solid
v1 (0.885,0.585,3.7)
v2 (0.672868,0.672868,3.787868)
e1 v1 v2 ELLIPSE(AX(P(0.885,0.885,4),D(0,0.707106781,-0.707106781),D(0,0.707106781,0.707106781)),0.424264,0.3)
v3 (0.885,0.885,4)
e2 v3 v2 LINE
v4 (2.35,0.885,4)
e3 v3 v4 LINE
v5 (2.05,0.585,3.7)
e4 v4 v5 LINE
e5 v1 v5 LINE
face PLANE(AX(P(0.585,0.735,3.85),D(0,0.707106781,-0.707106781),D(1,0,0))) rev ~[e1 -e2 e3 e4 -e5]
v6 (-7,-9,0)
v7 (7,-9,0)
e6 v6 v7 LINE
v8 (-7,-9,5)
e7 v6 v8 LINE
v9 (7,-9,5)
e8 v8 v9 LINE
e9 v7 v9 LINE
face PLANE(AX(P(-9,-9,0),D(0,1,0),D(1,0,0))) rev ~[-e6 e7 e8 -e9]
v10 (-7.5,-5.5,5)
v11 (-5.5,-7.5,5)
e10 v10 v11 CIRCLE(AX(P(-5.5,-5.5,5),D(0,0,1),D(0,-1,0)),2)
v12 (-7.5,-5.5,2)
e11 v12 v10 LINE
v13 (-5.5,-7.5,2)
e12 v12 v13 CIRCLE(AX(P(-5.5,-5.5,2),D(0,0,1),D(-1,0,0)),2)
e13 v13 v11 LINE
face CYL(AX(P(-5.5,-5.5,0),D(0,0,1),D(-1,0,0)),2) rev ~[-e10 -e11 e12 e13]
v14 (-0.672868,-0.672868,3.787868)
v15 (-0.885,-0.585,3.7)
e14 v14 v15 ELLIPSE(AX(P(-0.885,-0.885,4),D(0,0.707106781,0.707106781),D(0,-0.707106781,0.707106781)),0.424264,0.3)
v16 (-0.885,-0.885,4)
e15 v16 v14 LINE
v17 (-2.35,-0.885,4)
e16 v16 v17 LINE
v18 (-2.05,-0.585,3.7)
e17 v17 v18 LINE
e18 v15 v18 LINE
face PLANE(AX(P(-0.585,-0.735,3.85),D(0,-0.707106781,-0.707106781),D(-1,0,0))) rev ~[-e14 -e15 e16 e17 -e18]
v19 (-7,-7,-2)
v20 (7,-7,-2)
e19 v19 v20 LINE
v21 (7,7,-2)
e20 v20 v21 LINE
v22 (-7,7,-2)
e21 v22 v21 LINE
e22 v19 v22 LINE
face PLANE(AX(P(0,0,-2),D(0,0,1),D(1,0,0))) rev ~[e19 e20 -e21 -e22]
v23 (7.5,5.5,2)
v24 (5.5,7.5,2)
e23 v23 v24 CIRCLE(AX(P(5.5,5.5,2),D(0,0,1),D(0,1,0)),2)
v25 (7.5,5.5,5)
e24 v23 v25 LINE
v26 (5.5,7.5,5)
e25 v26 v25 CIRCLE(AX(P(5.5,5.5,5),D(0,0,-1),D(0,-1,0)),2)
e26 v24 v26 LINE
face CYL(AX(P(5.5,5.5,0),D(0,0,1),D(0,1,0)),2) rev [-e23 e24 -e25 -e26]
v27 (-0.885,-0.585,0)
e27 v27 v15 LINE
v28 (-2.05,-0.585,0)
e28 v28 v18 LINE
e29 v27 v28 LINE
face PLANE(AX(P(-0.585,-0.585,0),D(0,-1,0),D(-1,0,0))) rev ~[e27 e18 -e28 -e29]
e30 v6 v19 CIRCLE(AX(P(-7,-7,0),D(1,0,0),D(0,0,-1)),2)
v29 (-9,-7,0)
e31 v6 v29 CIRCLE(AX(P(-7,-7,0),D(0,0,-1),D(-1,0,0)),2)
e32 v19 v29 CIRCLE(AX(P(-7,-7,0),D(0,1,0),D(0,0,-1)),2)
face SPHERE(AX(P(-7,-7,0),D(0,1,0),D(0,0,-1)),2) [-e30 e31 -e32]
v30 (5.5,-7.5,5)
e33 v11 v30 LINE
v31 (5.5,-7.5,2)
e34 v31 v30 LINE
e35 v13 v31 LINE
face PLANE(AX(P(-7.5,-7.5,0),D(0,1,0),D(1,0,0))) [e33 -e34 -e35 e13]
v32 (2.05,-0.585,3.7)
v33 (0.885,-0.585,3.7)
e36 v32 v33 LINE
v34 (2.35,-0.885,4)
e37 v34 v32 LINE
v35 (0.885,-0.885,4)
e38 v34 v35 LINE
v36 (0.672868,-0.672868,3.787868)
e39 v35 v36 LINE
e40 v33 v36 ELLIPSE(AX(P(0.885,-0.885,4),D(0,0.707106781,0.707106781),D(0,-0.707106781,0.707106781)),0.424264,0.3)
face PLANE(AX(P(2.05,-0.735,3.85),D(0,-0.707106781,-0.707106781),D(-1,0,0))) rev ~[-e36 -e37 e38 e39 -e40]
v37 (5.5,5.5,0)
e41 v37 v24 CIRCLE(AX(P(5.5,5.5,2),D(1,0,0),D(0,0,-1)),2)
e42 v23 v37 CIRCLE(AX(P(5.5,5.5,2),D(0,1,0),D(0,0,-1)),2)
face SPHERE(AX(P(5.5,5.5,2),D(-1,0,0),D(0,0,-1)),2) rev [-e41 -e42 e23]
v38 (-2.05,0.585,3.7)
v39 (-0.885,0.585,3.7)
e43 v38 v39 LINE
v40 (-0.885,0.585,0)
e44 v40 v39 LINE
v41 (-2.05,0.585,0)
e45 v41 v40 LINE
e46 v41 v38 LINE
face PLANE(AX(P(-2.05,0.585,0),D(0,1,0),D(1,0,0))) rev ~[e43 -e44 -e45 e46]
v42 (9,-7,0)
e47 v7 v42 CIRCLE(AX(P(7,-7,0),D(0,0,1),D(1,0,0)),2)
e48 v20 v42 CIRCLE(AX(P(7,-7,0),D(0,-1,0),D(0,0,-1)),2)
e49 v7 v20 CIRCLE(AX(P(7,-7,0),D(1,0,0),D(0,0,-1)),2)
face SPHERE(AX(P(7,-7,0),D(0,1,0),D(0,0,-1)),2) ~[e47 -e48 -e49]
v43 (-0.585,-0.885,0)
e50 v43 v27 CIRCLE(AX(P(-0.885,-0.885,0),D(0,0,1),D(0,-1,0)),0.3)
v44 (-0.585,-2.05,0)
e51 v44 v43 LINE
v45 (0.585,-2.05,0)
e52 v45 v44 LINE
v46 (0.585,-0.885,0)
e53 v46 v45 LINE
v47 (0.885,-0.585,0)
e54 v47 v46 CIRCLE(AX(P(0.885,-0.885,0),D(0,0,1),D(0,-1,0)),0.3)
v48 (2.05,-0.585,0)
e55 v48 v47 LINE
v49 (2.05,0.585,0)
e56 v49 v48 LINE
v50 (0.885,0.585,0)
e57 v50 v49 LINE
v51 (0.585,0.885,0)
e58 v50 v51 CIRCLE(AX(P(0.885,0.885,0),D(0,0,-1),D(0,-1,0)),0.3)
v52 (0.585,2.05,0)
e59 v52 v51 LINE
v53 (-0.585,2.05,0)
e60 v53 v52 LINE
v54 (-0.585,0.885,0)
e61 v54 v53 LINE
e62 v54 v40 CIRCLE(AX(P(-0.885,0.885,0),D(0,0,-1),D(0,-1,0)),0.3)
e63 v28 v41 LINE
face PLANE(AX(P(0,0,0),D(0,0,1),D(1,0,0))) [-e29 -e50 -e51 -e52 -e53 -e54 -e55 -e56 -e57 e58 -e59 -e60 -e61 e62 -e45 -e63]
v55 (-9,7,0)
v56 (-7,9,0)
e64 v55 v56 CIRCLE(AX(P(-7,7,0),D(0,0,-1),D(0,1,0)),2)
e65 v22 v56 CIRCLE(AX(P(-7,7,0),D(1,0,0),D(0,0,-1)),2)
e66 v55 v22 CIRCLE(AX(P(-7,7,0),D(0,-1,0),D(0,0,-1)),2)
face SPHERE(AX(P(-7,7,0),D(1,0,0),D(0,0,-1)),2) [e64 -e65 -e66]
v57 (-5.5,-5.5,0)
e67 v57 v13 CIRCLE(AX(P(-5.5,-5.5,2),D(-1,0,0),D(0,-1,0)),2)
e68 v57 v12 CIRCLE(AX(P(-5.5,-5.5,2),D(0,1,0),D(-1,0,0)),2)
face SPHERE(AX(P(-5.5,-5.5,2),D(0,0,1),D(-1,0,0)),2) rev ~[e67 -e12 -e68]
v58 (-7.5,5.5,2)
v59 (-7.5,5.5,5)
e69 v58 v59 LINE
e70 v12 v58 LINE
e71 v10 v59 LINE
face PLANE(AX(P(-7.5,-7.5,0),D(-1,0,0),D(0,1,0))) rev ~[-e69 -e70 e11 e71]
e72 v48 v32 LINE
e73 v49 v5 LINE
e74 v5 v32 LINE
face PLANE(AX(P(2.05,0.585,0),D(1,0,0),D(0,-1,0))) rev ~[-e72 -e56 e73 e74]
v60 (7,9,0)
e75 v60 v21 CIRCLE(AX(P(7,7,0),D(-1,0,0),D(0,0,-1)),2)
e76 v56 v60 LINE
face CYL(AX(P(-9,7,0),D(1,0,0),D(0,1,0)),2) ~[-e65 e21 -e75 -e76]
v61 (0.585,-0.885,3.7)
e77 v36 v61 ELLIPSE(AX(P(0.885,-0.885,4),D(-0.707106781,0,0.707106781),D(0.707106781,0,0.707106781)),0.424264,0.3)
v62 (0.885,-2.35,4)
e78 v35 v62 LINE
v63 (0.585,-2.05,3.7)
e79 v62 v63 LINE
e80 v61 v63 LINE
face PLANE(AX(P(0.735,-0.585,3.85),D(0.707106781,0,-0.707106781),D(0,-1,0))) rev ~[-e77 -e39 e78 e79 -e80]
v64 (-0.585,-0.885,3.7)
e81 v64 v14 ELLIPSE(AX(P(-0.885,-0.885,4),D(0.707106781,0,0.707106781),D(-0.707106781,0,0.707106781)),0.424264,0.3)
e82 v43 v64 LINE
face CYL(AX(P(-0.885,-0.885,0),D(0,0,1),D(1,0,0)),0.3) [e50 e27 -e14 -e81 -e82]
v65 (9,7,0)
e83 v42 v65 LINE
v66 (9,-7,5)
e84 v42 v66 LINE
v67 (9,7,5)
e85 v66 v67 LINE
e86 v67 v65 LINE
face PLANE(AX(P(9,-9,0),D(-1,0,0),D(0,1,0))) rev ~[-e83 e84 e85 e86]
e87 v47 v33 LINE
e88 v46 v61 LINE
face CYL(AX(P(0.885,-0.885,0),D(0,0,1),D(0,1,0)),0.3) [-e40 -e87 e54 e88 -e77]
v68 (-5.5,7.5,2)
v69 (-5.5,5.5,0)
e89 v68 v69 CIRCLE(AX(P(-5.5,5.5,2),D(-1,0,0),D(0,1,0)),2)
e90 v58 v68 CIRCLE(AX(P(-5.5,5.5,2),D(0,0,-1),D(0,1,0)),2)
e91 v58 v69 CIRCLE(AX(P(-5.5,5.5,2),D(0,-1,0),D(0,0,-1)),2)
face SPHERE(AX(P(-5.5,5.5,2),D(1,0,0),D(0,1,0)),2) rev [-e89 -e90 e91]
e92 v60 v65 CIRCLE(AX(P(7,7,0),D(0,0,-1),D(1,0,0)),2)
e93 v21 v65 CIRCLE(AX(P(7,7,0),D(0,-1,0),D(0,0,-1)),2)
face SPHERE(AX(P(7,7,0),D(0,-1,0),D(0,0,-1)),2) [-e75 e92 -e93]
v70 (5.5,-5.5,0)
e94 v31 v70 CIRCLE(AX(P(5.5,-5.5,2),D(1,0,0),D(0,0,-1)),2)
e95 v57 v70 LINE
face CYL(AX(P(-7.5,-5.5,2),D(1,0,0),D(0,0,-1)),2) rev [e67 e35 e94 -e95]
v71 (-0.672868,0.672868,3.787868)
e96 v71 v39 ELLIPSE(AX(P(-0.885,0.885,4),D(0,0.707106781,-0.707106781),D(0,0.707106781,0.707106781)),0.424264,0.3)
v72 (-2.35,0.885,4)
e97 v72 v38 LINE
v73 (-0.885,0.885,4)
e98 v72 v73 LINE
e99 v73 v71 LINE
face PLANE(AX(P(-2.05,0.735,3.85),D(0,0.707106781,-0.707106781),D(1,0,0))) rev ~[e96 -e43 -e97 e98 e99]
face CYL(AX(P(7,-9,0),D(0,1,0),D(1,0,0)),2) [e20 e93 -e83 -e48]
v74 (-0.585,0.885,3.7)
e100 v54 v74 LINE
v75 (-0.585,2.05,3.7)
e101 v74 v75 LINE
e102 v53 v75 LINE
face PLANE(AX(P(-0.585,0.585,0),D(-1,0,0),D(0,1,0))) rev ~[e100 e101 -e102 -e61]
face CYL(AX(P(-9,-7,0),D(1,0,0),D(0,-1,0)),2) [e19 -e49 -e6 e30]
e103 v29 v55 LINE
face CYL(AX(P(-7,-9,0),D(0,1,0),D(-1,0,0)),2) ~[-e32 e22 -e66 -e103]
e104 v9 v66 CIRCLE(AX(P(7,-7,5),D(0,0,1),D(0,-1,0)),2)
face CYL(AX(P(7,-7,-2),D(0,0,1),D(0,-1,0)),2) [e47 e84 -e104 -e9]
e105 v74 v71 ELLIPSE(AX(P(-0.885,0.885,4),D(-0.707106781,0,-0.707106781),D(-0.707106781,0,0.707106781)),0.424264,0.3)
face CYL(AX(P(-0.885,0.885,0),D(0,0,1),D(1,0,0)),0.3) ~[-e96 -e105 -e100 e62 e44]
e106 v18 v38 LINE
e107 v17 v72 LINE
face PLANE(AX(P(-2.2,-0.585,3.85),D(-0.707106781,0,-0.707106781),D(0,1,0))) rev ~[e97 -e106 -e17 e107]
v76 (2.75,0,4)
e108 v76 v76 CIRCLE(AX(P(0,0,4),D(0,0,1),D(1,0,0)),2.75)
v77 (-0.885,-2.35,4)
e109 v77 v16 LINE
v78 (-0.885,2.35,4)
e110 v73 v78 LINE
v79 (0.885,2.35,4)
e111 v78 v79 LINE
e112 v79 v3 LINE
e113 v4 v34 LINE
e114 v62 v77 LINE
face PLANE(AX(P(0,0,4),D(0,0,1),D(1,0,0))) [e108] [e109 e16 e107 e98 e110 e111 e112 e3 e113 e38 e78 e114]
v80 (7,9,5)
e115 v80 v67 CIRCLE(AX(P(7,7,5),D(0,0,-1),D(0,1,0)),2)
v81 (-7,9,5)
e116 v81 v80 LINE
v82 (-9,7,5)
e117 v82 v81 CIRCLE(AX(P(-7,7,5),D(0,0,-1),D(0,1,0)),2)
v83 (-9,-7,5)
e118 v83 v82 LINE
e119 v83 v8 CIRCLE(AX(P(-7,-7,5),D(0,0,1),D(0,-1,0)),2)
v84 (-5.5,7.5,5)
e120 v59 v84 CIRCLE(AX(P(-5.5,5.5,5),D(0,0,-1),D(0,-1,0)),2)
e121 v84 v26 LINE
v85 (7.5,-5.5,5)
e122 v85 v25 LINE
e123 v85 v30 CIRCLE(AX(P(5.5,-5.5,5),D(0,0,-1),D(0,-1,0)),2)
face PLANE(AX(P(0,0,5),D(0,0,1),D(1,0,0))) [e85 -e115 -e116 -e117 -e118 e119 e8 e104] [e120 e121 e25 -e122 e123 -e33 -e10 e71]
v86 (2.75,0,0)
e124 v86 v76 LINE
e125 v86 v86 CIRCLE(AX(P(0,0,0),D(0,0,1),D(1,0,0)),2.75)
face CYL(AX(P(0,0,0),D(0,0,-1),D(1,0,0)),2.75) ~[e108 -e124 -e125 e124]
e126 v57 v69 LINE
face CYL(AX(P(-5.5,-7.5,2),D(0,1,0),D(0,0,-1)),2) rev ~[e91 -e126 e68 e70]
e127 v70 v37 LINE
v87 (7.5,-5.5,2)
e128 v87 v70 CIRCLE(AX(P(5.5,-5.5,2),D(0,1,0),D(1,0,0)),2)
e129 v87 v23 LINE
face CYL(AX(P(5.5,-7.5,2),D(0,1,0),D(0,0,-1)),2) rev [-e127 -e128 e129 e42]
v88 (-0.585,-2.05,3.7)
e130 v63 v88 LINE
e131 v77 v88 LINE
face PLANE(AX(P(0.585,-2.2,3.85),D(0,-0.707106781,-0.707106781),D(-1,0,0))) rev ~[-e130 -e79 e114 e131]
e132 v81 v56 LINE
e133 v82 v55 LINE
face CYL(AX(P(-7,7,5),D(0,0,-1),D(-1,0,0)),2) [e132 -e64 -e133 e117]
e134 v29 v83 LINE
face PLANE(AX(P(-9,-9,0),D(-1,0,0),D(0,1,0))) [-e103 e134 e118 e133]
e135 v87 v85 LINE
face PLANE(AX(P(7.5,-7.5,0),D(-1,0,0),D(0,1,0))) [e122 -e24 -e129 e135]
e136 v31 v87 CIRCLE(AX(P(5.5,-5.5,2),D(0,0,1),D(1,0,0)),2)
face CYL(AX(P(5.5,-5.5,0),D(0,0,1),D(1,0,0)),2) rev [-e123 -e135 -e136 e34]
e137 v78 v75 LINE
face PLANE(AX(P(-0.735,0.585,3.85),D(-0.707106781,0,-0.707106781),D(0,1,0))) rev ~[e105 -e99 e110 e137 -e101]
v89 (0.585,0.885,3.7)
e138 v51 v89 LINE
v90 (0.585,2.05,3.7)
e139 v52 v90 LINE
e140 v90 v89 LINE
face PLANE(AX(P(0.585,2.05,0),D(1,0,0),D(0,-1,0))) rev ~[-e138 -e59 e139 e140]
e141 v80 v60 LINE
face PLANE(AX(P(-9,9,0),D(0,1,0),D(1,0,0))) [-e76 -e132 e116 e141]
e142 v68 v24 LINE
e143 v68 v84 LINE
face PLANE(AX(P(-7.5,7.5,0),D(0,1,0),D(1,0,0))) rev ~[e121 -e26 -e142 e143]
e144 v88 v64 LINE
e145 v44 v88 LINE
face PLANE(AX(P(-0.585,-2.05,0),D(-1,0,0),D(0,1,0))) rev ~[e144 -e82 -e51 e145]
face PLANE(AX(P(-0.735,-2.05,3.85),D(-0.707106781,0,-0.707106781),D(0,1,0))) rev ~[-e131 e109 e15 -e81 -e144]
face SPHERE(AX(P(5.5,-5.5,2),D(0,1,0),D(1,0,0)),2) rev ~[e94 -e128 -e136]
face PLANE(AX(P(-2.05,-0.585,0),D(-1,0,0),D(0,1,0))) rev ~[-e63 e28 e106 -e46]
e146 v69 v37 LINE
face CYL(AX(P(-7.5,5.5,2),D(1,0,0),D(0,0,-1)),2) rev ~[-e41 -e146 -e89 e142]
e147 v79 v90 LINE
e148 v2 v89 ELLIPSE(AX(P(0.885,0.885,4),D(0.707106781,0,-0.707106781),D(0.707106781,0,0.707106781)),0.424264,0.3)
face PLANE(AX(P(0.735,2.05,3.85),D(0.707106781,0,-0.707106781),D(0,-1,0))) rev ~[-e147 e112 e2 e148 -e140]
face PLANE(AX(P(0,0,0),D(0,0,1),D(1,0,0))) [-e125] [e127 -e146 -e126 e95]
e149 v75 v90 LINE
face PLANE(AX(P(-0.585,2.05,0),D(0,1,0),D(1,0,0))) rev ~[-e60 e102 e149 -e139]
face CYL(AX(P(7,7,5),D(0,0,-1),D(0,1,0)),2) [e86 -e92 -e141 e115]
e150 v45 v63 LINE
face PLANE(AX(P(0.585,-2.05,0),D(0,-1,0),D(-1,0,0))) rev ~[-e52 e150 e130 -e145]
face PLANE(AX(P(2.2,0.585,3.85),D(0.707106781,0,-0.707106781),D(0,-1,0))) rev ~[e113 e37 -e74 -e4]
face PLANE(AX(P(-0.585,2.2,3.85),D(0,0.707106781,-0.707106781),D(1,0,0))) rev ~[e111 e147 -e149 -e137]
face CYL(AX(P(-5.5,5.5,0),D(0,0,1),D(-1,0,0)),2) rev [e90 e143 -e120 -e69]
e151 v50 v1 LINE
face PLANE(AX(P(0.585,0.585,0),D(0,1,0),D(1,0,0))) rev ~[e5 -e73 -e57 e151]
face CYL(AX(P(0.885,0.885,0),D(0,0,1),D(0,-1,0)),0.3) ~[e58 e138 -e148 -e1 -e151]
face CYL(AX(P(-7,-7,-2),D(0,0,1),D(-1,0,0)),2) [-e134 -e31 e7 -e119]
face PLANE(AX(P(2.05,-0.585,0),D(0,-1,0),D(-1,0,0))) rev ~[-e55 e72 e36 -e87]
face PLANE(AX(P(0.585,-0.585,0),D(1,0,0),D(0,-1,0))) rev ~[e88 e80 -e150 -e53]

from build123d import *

# Parameters (mm, degrees)
SKETCH1_W           = 18
SKETCH1_H           = 18
BOSS_EXTRUDE1_DEPTH = 2
SKETCH1_4_R         = 2.75
BOSS_EXTRUDE2_DEPTH = 4
SKETCH1_5_W         = 18
SKETCH1_5_H         = 18
SKETCH1_5_W_2       = 15
SKETCH1_5_H_2       = 15
BOSS_EXTRUDE3_DEPTH = 5
CHAMFER1_SIZE       = 0.3
FILLET3_R           = 0.3
FILLET4_R           = 2


with BuildPart() as part:
    # Sketch1 → Boss-Extrude1 (new body)
    with BuildSketch(Plane.XY):
        Rectangle(SKETCH1_W, SKETCH1_H)
    extrude(amount=-BOSS_EXTRUDE1_DEPTH)

    # Sketch1<4> → Boss-Extrude2 (add)
    with BuildSketch(Plane.XY):
        Circle(SKETCH1_4_R)
        Polygon((-0.585, 0.585), (-0.585, 2.05), (0.585, 2.05), (0.585, 0.585), (2.05, 0.585), (2.05, -0.585), (0.585, -0.585), (0.585, -2.05), (-0.585, -2.05), (-0.585, -0.585), (-2.05, -0.585), (-2.05, 0.585), align=None, mode=Mode.SUBTRACT)
    extrude(amount=BOSS_EXTRUDE2_DEPTH)

    # Sketch1<5> → Boss-Extrude3 (add)
    with BuildSketch(Plane.XY):
        Rectangle(SKETCH1_5_W, SKETCH1_5_H)
        Rectangle(SKETCH1_5_W_2, SKETCH1_5_H_2, mode=Mode.SUBTRACT)
    extrude(amount=BOSS_EXTRUDE3_DEPTH)

    # Chamfer1
    chamfer1_edges = [part.edges().sort_by_distance(p)[0] for p in [
        (1.3175, -0.585, 4),
        (0, -2.05, 4),
        (-0.585, -1.3175, 4),
        (-1.3175, -0.585, 4),
        (-2.05, 0, 4),
        (-0.585, 1.3175, 4),
        (1.3175, 0.585, 4),
        (2.05, 0, 4),
        (0.585, -1.3175, 4),
        (-1.3175, 0.585, 4),
        (0, 2.05, 4),
        (0.585, 1.3175, 4),
    ]]
    chamfer(chamfer1_edges, length=CHAMFER1_SIZE)

    # Fillet3
    fillet3_edges = [part.edges().sort_by_distance(p)[0] for p in [
        (0.585, 0.585, 1.85),
        (0.585, -0.585, 1.85),
        (-0.585, -0.585, 1.85),
        (-0.585, 0.585, 1.85),
    ]]
    fillet(fillet3_edges, radius=FILLET3_R)

    # Fillet4
    fillet4_edges = [part.edges().sort_by_distance(p)[0] for p in [
        (9, 0, -2),
        (0, 9, -2),
        (-9, 0, -2),
        (0, 7.5, 0),
        (-7.5, 7.5, 2.5),
        (7.5, 0, 0),
        (7.5, 7.5, 2.5),
        (7.5, -7.5, 2.5),
        (-7.5, -7.5, 2.5),
        (-7.5, 0, 0),
        (0, -7.5, 0),
        (0, -9, -2),
        (-9, 9, 1.5),
        (9, 9, 1.5),
        (9, -9, 1.5),
        (-9, -9, 1.5),
    ]]
    fillet(fillet4_edges, radius=FILLET4_R)


solid = part.part
